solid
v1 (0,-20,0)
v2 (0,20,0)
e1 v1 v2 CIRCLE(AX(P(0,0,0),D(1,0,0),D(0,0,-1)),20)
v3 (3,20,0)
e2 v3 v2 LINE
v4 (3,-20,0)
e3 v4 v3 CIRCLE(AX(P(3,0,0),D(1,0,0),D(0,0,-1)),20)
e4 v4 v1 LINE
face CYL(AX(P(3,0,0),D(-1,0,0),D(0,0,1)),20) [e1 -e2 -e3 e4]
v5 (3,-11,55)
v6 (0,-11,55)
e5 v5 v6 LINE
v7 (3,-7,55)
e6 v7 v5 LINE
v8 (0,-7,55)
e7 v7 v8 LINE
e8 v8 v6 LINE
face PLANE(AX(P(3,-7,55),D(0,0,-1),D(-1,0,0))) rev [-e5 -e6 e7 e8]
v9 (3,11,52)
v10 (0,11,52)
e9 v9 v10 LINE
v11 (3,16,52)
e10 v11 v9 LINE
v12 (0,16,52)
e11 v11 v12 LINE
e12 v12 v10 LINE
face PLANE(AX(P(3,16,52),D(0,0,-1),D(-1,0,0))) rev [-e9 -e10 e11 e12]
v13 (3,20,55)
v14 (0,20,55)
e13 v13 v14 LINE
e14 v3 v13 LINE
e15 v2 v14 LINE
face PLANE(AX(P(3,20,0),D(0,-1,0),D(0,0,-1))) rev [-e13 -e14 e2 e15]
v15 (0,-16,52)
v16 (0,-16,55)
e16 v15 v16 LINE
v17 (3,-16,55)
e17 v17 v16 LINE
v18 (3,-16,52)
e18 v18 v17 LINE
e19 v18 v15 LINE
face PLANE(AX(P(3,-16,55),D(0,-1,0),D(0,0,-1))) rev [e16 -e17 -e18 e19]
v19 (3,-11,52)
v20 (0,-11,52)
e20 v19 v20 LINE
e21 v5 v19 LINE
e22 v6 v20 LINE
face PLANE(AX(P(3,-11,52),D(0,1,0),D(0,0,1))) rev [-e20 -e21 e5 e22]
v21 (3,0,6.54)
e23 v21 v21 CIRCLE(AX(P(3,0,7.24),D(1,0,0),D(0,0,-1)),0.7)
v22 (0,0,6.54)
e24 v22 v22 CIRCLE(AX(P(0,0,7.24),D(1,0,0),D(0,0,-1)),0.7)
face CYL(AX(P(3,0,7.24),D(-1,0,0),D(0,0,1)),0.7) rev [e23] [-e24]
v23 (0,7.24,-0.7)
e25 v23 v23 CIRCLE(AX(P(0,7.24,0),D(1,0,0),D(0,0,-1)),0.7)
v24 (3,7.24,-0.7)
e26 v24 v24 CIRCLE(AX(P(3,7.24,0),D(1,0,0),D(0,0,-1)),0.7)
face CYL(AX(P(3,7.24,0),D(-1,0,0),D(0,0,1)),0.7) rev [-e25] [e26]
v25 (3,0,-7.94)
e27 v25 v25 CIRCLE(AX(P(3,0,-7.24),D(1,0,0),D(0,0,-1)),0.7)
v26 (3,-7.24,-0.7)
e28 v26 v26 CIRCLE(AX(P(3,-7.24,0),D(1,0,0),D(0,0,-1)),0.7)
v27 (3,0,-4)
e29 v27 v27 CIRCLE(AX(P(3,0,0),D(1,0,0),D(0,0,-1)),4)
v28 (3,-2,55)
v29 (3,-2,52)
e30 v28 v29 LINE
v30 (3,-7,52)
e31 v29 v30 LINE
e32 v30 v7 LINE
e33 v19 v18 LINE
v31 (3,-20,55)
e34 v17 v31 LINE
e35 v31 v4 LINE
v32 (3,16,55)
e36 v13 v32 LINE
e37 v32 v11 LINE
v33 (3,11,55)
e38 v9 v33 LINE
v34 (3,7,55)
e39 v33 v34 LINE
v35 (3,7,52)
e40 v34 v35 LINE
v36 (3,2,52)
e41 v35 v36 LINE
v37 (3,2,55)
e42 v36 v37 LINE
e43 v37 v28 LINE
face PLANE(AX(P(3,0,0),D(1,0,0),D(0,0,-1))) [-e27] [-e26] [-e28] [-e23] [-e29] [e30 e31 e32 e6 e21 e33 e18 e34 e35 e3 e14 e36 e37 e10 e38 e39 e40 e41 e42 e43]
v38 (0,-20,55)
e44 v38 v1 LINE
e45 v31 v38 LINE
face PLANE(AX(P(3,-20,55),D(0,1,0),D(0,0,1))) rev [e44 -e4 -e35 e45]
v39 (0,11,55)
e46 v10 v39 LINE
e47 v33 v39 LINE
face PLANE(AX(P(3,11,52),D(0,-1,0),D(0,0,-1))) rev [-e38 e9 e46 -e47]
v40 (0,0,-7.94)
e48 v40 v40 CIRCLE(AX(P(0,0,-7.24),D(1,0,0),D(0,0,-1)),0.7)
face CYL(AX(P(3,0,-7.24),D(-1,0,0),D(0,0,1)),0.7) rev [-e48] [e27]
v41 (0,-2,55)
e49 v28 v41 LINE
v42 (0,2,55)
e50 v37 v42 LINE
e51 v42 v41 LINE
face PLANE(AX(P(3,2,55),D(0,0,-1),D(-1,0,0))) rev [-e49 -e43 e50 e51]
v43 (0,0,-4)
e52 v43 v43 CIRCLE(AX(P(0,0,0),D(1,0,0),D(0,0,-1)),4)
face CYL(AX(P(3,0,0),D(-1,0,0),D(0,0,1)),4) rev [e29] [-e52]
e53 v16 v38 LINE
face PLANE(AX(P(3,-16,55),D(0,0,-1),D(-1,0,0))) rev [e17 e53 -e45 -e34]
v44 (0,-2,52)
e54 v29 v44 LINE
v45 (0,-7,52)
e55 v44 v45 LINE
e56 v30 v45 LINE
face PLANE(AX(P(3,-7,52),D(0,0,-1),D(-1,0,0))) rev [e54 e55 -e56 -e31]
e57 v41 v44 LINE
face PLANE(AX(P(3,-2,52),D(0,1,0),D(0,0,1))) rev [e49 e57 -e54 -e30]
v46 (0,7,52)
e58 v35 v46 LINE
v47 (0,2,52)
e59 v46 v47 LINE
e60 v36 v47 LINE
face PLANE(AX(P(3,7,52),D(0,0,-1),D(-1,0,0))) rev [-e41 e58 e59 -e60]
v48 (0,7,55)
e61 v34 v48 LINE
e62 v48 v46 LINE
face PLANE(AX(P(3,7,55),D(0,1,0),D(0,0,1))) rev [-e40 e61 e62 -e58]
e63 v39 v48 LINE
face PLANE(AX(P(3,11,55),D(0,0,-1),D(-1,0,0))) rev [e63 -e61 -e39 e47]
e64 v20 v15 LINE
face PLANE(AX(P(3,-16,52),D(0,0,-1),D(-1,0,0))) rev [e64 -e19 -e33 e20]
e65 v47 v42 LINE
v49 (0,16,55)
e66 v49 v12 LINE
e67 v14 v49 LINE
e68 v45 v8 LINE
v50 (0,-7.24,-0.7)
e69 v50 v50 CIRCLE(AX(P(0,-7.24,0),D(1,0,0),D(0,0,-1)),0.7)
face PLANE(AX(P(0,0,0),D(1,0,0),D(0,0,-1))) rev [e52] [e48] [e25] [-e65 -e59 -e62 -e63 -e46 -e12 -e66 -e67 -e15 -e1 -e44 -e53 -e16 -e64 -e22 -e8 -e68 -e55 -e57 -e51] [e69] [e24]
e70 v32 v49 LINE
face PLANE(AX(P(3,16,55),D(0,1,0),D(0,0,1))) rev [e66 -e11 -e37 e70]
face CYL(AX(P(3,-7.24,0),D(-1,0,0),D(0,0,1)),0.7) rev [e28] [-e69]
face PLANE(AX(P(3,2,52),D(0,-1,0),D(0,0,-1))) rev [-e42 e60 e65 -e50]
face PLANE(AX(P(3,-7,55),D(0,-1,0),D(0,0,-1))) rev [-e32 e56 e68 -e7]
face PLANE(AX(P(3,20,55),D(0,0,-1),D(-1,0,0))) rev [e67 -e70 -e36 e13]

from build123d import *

# Parameters (mm, degrees)
SKETCH1_R           = 4
SKETCH1_R_2         = 0.7
BOSS_EXTRUDE1_DEPTH = 3


with BuildPart() as part:
    # Sketch1 → Boss-Extrude1 (new body)
    with BuildSketch(Plane(origin=(0, 0, 0), x_dir=(0, 0, -1), z_dir=(1, 0, 0))):
        with BuildLine():
            Line((0, 20), (-55, 20))
            Line((-55, 20), (-55, 16))
            Line((-55, 16), (-52, 16))
            Line((-52, 16), (-52, 11))
            Line((-52, 11), (-55, 11))
            Line((-55, 11), (-55, 7))
            Line((-55, 7), (-52, 7))
            Line((-52, 7), (-52, 2))
            Line((-52, 2), (-55, 2))
            Line((-55, 2), (-55, -2))
            Line((-55, -2), (-52, -2))
            Line((-52, -2), (-52, -7))
            Line((-52, -7), (-55, -7))
            Line((-55, -7), (-55, -11))
            Line((-55, -11), (-52, -11))
            Line((-52, -11), (-52, -16))
            Line((-52, -16), (-55, -16))
            Line((-55, -16), (-55, -20))
            Line((-55, -20), (0, -20))
            ThreePointArc((0, -20), (20, 0), (0, 20))
        make_face()
        Circle(SKETCH1_R, mode=Mode.SUBTRACT)
        with Locations((-7.24, 0)):
            Circle(SKETCH1_R_2, mode=Mode.SUBTRACT)
        with Locations((0, 7.24)):
            Circle(SKETCH1_R_2, mode=Mode.SUBTRACT)
        with Locations((7.24, 0)):
            Circle(SKETCH1_R_2, mode=Mode.SUBTRACT)
        with Locations((0, -7.24)):
            Circle(SKETCH1_R_2, mode=Mode.SUBTRACT)
    extrude(amount=BOSS_EXTRUDE1_DEPTH)


solid = part.part
